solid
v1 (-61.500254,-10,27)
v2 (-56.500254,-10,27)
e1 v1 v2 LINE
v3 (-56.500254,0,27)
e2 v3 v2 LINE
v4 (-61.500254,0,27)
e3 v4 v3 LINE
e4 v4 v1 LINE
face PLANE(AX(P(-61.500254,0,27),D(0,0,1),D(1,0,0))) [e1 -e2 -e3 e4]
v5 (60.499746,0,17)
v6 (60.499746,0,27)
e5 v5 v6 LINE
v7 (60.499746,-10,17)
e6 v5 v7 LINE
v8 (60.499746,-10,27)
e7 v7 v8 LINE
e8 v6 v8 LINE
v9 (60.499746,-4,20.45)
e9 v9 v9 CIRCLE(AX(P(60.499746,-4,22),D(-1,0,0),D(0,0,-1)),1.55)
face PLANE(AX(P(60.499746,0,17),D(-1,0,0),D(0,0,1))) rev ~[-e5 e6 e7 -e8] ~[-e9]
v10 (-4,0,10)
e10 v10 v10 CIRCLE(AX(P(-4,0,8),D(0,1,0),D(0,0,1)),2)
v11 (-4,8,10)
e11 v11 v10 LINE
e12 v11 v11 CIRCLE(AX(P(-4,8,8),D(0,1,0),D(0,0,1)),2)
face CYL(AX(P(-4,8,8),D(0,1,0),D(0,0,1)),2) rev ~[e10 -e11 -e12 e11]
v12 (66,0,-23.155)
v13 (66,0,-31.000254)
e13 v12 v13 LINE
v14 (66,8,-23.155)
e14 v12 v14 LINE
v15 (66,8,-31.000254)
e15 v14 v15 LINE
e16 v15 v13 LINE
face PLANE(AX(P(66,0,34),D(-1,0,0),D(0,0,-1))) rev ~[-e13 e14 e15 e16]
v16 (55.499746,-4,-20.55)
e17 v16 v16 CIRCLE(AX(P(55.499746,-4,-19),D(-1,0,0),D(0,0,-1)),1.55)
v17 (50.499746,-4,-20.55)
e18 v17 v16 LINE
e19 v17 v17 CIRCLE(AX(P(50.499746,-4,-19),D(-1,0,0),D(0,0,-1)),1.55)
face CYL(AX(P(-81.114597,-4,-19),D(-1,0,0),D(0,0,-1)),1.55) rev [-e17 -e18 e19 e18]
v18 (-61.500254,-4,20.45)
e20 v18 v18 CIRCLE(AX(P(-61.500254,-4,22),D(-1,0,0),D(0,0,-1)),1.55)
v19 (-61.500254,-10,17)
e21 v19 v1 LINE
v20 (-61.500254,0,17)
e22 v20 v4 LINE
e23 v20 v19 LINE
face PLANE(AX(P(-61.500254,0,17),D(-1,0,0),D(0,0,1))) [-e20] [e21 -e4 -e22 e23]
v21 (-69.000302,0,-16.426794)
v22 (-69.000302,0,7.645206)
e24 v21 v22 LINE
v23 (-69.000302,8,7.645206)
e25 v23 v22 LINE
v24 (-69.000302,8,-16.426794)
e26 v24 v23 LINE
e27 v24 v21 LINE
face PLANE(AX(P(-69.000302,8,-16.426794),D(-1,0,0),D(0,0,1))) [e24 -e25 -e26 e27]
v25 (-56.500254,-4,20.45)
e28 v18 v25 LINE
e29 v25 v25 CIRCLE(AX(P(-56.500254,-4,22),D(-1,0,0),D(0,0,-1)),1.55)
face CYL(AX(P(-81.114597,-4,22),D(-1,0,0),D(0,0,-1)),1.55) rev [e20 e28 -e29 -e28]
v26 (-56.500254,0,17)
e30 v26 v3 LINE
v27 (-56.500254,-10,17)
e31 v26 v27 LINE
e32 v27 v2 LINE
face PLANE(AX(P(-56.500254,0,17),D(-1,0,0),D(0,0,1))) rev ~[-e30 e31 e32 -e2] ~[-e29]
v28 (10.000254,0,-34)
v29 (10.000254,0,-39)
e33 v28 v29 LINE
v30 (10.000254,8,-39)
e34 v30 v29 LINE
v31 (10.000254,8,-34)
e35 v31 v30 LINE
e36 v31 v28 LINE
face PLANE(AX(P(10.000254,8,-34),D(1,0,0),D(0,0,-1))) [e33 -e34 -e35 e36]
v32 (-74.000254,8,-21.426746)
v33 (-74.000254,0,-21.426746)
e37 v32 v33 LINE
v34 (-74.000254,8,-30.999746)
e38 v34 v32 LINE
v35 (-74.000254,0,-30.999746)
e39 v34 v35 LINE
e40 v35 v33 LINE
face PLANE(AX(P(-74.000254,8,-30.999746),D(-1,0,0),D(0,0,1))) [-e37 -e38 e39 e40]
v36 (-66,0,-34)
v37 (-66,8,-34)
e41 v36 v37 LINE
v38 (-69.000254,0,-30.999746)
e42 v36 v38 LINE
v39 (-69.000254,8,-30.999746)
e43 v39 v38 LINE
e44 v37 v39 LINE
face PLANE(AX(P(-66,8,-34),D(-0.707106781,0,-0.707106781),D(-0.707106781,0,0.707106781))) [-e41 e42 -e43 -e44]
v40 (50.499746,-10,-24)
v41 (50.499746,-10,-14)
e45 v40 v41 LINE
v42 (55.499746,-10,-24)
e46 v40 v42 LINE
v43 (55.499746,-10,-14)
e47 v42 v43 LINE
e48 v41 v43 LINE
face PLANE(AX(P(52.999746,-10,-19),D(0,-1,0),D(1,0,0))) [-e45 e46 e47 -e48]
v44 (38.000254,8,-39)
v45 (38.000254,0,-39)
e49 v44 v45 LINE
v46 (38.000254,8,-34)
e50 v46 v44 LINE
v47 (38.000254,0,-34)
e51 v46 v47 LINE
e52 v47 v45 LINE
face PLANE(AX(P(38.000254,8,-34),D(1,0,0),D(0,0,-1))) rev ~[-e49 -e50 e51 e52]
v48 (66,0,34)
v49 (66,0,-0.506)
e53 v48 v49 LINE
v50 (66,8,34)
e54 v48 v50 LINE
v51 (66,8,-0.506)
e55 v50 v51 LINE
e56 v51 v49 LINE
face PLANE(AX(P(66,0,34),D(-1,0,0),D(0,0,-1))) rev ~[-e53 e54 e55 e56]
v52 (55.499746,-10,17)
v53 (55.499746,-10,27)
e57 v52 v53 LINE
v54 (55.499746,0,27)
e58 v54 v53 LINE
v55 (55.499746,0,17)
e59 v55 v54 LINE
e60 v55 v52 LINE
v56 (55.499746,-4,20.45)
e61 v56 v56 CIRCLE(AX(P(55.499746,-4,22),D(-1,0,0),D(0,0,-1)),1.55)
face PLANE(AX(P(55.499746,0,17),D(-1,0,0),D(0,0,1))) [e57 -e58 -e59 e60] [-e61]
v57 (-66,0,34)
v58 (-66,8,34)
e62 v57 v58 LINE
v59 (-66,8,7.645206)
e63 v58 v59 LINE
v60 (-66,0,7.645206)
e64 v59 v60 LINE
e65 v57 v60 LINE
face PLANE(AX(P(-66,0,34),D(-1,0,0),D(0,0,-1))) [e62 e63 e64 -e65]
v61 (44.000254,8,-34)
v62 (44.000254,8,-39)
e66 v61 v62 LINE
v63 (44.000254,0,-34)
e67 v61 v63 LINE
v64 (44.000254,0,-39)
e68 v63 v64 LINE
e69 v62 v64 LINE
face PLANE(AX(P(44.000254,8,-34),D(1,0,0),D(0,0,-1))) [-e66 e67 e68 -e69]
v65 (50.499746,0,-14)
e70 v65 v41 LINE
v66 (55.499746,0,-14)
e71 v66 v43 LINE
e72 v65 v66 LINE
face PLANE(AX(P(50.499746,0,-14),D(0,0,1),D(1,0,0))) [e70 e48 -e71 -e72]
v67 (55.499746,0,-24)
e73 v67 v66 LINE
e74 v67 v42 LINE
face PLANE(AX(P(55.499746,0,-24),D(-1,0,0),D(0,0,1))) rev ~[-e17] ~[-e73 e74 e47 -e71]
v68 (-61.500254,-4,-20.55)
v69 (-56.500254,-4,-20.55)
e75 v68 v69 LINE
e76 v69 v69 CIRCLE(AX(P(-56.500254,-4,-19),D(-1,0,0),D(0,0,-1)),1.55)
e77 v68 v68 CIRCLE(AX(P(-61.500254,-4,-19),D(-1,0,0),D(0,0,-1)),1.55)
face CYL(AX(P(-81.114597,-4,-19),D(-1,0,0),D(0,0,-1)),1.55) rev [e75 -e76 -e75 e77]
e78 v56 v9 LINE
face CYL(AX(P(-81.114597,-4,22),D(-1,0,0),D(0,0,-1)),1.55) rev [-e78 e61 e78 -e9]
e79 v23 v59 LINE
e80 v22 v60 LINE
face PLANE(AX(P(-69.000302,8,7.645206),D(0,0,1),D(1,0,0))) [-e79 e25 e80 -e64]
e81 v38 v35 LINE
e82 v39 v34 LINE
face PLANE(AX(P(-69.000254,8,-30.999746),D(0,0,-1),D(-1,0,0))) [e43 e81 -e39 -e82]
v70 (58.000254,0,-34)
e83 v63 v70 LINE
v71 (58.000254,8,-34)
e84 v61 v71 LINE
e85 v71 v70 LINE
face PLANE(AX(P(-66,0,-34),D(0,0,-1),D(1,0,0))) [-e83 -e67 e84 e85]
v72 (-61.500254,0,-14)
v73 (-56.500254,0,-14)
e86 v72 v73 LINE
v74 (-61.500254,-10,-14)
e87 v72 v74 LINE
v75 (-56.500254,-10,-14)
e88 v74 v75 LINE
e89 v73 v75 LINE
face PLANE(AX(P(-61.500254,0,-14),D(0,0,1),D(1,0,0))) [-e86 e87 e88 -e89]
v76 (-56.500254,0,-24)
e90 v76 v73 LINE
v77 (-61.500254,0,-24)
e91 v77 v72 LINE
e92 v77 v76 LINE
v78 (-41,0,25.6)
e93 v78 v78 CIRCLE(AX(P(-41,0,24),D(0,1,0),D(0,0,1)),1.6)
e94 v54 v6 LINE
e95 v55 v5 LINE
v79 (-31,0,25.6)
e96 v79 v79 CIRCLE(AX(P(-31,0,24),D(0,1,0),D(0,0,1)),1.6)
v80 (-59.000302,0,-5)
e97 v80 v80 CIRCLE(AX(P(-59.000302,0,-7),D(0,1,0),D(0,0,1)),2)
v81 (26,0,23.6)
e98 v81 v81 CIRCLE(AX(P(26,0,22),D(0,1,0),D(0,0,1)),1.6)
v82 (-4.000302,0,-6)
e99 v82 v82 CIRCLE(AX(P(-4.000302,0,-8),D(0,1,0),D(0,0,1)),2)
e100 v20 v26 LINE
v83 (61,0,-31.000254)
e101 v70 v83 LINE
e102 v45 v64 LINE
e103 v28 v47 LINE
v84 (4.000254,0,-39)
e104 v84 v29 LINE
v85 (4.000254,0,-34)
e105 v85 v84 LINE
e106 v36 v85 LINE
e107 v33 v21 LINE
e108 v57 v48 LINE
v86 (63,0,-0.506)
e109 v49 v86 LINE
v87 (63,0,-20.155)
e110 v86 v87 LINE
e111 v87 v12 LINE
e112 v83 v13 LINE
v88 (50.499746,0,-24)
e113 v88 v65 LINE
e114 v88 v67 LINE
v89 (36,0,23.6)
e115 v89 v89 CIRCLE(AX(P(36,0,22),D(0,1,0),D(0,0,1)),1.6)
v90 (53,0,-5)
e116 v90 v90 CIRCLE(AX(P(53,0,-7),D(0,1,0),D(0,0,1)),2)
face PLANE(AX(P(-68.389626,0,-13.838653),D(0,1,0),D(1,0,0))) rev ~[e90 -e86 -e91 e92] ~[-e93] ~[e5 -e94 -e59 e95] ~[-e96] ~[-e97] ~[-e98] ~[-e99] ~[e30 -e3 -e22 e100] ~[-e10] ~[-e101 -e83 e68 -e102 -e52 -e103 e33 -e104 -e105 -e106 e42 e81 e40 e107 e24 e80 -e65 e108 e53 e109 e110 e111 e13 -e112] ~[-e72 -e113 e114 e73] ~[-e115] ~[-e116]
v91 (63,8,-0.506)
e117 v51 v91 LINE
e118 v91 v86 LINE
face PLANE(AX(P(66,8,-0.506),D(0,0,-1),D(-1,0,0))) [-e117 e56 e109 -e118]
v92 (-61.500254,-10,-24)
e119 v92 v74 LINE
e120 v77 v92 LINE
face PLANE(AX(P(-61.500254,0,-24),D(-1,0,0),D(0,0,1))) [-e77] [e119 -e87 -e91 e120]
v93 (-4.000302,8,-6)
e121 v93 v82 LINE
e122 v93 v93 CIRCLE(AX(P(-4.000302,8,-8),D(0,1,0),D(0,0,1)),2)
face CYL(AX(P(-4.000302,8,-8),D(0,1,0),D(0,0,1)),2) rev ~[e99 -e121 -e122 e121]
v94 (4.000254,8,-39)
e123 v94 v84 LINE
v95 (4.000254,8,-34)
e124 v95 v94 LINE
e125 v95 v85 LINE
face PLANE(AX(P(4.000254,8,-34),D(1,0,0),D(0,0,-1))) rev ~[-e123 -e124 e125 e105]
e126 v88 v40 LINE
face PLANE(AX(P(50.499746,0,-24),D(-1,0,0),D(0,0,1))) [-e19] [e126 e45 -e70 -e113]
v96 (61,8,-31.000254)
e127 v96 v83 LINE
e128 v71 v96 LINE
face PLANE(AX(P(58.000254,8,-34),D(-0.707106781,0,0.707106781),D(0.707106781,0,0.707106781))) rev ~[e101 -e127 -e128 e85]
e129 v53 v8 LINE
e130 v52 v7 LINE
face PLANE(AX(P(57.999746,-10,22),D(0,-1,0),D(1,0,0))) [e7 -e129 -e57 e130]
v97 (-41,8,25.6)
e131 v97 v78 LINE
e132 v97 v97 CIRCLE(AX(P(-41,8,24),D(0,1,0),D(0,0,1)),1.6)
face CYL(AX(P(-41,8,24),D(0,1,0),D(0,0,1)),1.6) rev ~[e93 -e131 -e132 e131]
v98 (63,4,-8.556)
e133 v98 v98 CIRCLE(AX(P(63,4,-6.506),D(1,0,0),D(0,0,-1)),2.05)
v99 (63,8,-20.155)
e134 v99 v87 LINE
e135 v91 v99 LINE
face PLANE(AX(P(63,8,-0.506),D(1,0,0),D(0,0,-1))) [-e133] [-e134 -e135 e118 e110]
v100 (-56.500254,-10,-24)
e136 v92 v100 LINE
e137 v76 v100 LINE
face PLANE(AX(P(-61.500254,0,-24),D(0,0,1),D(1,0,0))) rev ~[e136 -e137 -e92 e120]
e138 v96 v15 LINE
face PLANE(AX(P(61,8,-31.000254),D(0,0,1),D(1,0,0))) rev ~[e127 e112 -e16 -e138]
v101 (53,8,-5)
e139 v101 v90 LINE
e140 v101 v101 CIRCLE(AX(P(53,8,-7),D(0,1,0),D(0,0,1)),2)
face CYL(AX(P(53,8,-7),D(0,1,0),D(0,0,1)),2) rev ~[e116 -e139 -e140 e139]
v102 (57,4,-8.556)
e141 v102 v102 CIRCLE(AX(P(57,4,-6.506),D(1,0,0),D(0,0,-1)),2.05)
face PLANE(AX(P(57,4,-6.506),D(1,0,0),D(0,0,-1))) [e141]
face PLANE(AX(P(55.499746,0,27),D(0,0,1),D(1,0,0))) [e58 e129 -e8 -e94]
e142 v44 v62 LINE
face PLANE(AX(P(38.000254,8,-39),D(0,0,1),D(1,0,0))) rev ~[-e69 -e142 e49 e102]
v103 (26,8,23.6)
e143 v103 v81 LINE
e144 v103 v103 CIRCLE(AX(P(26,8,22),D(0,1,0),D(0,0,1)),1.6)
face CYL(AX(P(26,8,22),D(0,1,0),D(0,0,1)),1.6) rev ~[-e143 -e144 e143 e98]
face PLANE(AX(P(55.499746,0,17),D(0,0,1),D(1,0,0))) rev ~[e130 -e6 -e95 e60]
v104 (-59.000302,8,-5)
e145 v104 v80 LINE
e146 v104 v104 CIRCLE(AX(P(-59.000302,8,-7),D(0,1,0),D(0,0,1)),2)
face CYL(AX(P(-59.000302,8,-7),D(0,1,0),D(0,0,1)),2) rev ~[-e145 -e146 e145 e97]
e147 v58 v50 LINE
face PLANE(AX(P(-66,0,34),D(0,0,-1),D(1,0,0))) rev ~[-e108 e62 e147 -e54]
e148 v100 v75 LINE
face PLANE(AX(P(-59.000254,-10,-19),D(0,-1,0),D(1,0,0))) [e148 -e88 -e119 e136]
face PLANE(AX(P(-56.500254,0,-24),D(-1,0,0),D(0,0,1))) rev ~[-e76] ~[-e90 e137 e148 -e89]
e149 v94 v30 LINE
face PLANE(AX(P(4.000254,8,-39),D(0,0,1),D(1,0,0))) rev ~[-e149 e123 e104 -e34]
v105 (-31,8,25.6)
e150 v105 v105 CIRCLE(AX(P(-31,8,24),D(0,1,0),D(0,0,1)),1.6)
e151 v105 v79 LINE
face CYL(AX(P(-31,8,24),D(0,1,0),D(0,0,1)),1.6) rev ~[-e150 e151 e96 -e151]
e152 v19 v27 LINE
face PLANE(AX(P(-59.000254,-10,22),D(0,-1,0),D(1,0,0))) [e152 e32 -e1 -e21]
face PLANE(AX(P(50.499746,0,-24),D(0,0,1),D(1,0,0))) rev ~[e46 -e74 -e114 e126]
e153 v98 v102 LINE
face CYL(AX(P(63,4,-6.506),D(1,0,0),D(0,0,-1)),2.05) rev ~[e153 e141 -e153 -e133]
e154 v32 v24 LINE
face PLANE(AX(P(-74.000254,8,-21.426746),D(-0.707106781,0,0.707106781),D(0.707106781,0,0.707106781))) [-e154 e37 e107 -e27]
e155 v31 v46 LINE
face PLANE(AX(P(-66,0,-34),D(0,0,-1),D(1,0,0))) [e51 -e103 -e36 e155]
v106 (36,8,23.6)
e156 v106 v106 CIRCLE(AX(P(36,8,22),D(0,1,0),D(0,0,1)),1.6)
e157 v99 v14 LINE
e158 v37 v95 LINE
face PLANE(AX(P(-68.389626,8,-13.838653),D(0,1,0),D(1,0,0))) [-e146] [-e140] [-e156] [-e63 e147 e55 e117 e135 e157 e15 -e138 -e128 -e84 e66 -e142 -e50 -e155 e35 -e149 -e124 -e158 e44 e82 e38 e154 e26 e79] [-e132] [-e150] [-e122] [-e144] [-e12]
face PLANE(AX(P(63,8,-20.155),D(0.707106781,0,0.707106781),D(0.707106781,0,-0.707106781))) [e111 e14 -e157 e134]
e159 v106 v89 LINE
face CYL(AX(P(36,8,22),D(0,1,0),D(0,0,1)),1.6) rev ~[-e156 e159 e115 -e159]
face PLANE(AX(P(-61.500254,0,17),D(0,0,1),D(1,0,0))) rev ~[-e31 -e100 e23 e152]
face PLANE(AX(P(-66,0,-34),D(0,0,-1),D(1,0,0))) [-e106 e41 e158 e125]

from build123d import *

# Parameters (mm, degrees)
CROQUIS1_W                 = 132
CROQUIS1_H                 = 68
SALIENTE_EXTRUIR1_DEPTH    = 8
CORTAR_EXTRUIR1_DEPTH      = 8
CROQUIS3_W                 = 6
CROQUIS3_H                 = 5
SALIENTE_EXTRUIR2_DEPTH    = 8
CROQUIS4_R                 = 2
CROQUIS4_R_2               = 1.6
CORTAR_EXTRUIR2_DEPTH      = 85.029980381
CROQUIS5_R                 = 2.05
CORTAR_EXTRUIR3_DEPTH      = 6
CROQUIS6_W                 = 5
CROQUIS6_H                 = 10
SALIENTE_EXTRUIR3_DEPTH    = 10
CORTAR_EXTRUIR4_DEPTH      = 136.614342899
CORTAR_EXTRUIR4_DEPTH_BACK = 136.614342899
CROQUIS7_R                 = 1.55


with BuildPart() as part:
    # Croquis1 → Saliente-Extruir1 (new body)
    with BuildSketch(Plane(origin=(0, 0, 0), x_dir=(1, 0, 0), z_dir=(0, 1, 0))):
        Rectangle(CROQUIS1_W, CROQUIS1_H)
    extrude(amount=SALIENTE_EXTRUIR1_DEPTH)

    # Croquis2 → Cortar-Extruir1 (cut)
    with BuildSketch(Plane(origin=(0, 8, 0), x_dir=(1, 0, 0), z_dir=(0, 1, 0))):
        Polygon((61, 31.000254068), (66, 31.000254068), (66, 34), (58.000254068, 34), align=None)
        Polygon((66.000254073, 23.155254073), (66, 0.506), (63, 0.506), (63, 20.155), align=None)
    extrude(amount=-CORTAR_EXTRUIR1_DEPTH, mode=Mode.SUBTRACT)

    # Croquis3 → Saliente-Extruir2 (add)
    with BuildSketch(Plane(origin=(0, 8, 0), x_dir=(1, 0, 0), z_dir=(0, 1, 0))):
        with Locations((41.000254068, 36.5)):
            Rectangle(CROQUIS3_W, CROQUIS3_H)
        with Locations((7.000254068, 36.5)):
            Rectangle(CROQUIS3_W, CROQUIS3_H)
        Polygon((-66, 34), (-69.000254073, 30.999745927), (-74.000254073, 30.999745927), (-74.000254073, 21.426745927), (-69.000302023, 16.426793878), (-69.000302023, -7.645206122), (-66, -7.645206122), align=None)
    extrude(amount=-SALIENTE_EXTRUIR2_DEPTH)

    # Croquis4 → Cortar-Extruir2 (cut, through all)
    with BuildSketch(Plane(origin=(0, 8, 0), x_dir=(1, 0, 0), z_dir=(0, 1, 0))):
        with Locations(Location((-59.000302023, 7, 0), (0, 0, 270))):
            Circle(CROQUIS4_R)
        with Locations(Location((-41, -24, 0), (0, 0, 270))):
            Circle(CROQUIS4_R_2)
        with Locations(Location((-31, -24, 0), (0, 0, 270))):
            Circle(CROQUIS4_R_2)
        with Locations(Location((-4.000302023, 8, 0), (0, 0, 270))):
            Circle(CROQUIS4_R)
        with Locations(Location((-4, -7.999999997, 0), (0, 0, 270))):
            Circle(CROQUIS4_R)
        with Locations(Location((26, -22, 0), (0, 0, 270))):
            Circle(CROQUIS4_R_2)
        with Locations(Location((36, -22, 0), (0, 0, 270))):
            Circle(CROQUIS4_R_2)
        with Locations(Location((53, 7, 0), (0, 0, 270))):
            Circle(CROQUIS4_R)
    extrude(amount=-CORTAR_EXTRUIR2_DEPTH, mode=Mode.SUBTRACT)

    # Croquis5 → Cortar-Extruir3 (cut)
    with BuildSketch(Plane(origin=(63, 0, 0), x_dir=(0, 0, -1), z_dir=(1, 0, 0))):
        with Locations((6.506, 4)):
            Circle(CROQUIS5_R)
    extrude(amount=-CORTAR_EXTRUIR3_DEPTH, mode=Mode.SUBTRACT)

    # Croquis6 → Saliente-Extruir3 (add)
    with BuildSketch(Plane.XZ):
        with Locations((-59.000254073, -19)):
            Rectangle(CROQUIS6_W, CROQUIS6_H)
        with Locations((-59.000254073, 22)):
            Rectangle(CROQUIS6_W, CROQUIS6_H)
        with Locations((57.999745927, 22)):
            Rectangle(CROQUIS6_W, CROQUIS6_H)
        with Locations((52.999745927, -19)):
            Rectangle(CROQUIS6_W, CROQUIS6_H)
    extrude(amount=SALIENTE_EXTRUIR3_DEPTH)

    # Croquis7 → Cortar-Extruir4 (cut, two sides: drawn at the far end of the back side and taken through both)
    with BuildSketch(Plane(origin=(55.499745927, 0, 0), x_dir=(0, 0, -1), z_dir=(1, 0, 0)).offset(-CORTAR_EXTRUIR4_DEPTH_BACK)):
        with Locations((19, -4)):
            Circle(CROQUIS7_R)
        with Locations((-22, -4)):
            Circle(CROQUIS7_R)
    extrude(amount=CORTAR_EXTRUIR4_DEPTH + CORTAR_EXTRUIR4_DEPTH_BACK, mode=Mode.SUBTRACT)


solid = part.part
